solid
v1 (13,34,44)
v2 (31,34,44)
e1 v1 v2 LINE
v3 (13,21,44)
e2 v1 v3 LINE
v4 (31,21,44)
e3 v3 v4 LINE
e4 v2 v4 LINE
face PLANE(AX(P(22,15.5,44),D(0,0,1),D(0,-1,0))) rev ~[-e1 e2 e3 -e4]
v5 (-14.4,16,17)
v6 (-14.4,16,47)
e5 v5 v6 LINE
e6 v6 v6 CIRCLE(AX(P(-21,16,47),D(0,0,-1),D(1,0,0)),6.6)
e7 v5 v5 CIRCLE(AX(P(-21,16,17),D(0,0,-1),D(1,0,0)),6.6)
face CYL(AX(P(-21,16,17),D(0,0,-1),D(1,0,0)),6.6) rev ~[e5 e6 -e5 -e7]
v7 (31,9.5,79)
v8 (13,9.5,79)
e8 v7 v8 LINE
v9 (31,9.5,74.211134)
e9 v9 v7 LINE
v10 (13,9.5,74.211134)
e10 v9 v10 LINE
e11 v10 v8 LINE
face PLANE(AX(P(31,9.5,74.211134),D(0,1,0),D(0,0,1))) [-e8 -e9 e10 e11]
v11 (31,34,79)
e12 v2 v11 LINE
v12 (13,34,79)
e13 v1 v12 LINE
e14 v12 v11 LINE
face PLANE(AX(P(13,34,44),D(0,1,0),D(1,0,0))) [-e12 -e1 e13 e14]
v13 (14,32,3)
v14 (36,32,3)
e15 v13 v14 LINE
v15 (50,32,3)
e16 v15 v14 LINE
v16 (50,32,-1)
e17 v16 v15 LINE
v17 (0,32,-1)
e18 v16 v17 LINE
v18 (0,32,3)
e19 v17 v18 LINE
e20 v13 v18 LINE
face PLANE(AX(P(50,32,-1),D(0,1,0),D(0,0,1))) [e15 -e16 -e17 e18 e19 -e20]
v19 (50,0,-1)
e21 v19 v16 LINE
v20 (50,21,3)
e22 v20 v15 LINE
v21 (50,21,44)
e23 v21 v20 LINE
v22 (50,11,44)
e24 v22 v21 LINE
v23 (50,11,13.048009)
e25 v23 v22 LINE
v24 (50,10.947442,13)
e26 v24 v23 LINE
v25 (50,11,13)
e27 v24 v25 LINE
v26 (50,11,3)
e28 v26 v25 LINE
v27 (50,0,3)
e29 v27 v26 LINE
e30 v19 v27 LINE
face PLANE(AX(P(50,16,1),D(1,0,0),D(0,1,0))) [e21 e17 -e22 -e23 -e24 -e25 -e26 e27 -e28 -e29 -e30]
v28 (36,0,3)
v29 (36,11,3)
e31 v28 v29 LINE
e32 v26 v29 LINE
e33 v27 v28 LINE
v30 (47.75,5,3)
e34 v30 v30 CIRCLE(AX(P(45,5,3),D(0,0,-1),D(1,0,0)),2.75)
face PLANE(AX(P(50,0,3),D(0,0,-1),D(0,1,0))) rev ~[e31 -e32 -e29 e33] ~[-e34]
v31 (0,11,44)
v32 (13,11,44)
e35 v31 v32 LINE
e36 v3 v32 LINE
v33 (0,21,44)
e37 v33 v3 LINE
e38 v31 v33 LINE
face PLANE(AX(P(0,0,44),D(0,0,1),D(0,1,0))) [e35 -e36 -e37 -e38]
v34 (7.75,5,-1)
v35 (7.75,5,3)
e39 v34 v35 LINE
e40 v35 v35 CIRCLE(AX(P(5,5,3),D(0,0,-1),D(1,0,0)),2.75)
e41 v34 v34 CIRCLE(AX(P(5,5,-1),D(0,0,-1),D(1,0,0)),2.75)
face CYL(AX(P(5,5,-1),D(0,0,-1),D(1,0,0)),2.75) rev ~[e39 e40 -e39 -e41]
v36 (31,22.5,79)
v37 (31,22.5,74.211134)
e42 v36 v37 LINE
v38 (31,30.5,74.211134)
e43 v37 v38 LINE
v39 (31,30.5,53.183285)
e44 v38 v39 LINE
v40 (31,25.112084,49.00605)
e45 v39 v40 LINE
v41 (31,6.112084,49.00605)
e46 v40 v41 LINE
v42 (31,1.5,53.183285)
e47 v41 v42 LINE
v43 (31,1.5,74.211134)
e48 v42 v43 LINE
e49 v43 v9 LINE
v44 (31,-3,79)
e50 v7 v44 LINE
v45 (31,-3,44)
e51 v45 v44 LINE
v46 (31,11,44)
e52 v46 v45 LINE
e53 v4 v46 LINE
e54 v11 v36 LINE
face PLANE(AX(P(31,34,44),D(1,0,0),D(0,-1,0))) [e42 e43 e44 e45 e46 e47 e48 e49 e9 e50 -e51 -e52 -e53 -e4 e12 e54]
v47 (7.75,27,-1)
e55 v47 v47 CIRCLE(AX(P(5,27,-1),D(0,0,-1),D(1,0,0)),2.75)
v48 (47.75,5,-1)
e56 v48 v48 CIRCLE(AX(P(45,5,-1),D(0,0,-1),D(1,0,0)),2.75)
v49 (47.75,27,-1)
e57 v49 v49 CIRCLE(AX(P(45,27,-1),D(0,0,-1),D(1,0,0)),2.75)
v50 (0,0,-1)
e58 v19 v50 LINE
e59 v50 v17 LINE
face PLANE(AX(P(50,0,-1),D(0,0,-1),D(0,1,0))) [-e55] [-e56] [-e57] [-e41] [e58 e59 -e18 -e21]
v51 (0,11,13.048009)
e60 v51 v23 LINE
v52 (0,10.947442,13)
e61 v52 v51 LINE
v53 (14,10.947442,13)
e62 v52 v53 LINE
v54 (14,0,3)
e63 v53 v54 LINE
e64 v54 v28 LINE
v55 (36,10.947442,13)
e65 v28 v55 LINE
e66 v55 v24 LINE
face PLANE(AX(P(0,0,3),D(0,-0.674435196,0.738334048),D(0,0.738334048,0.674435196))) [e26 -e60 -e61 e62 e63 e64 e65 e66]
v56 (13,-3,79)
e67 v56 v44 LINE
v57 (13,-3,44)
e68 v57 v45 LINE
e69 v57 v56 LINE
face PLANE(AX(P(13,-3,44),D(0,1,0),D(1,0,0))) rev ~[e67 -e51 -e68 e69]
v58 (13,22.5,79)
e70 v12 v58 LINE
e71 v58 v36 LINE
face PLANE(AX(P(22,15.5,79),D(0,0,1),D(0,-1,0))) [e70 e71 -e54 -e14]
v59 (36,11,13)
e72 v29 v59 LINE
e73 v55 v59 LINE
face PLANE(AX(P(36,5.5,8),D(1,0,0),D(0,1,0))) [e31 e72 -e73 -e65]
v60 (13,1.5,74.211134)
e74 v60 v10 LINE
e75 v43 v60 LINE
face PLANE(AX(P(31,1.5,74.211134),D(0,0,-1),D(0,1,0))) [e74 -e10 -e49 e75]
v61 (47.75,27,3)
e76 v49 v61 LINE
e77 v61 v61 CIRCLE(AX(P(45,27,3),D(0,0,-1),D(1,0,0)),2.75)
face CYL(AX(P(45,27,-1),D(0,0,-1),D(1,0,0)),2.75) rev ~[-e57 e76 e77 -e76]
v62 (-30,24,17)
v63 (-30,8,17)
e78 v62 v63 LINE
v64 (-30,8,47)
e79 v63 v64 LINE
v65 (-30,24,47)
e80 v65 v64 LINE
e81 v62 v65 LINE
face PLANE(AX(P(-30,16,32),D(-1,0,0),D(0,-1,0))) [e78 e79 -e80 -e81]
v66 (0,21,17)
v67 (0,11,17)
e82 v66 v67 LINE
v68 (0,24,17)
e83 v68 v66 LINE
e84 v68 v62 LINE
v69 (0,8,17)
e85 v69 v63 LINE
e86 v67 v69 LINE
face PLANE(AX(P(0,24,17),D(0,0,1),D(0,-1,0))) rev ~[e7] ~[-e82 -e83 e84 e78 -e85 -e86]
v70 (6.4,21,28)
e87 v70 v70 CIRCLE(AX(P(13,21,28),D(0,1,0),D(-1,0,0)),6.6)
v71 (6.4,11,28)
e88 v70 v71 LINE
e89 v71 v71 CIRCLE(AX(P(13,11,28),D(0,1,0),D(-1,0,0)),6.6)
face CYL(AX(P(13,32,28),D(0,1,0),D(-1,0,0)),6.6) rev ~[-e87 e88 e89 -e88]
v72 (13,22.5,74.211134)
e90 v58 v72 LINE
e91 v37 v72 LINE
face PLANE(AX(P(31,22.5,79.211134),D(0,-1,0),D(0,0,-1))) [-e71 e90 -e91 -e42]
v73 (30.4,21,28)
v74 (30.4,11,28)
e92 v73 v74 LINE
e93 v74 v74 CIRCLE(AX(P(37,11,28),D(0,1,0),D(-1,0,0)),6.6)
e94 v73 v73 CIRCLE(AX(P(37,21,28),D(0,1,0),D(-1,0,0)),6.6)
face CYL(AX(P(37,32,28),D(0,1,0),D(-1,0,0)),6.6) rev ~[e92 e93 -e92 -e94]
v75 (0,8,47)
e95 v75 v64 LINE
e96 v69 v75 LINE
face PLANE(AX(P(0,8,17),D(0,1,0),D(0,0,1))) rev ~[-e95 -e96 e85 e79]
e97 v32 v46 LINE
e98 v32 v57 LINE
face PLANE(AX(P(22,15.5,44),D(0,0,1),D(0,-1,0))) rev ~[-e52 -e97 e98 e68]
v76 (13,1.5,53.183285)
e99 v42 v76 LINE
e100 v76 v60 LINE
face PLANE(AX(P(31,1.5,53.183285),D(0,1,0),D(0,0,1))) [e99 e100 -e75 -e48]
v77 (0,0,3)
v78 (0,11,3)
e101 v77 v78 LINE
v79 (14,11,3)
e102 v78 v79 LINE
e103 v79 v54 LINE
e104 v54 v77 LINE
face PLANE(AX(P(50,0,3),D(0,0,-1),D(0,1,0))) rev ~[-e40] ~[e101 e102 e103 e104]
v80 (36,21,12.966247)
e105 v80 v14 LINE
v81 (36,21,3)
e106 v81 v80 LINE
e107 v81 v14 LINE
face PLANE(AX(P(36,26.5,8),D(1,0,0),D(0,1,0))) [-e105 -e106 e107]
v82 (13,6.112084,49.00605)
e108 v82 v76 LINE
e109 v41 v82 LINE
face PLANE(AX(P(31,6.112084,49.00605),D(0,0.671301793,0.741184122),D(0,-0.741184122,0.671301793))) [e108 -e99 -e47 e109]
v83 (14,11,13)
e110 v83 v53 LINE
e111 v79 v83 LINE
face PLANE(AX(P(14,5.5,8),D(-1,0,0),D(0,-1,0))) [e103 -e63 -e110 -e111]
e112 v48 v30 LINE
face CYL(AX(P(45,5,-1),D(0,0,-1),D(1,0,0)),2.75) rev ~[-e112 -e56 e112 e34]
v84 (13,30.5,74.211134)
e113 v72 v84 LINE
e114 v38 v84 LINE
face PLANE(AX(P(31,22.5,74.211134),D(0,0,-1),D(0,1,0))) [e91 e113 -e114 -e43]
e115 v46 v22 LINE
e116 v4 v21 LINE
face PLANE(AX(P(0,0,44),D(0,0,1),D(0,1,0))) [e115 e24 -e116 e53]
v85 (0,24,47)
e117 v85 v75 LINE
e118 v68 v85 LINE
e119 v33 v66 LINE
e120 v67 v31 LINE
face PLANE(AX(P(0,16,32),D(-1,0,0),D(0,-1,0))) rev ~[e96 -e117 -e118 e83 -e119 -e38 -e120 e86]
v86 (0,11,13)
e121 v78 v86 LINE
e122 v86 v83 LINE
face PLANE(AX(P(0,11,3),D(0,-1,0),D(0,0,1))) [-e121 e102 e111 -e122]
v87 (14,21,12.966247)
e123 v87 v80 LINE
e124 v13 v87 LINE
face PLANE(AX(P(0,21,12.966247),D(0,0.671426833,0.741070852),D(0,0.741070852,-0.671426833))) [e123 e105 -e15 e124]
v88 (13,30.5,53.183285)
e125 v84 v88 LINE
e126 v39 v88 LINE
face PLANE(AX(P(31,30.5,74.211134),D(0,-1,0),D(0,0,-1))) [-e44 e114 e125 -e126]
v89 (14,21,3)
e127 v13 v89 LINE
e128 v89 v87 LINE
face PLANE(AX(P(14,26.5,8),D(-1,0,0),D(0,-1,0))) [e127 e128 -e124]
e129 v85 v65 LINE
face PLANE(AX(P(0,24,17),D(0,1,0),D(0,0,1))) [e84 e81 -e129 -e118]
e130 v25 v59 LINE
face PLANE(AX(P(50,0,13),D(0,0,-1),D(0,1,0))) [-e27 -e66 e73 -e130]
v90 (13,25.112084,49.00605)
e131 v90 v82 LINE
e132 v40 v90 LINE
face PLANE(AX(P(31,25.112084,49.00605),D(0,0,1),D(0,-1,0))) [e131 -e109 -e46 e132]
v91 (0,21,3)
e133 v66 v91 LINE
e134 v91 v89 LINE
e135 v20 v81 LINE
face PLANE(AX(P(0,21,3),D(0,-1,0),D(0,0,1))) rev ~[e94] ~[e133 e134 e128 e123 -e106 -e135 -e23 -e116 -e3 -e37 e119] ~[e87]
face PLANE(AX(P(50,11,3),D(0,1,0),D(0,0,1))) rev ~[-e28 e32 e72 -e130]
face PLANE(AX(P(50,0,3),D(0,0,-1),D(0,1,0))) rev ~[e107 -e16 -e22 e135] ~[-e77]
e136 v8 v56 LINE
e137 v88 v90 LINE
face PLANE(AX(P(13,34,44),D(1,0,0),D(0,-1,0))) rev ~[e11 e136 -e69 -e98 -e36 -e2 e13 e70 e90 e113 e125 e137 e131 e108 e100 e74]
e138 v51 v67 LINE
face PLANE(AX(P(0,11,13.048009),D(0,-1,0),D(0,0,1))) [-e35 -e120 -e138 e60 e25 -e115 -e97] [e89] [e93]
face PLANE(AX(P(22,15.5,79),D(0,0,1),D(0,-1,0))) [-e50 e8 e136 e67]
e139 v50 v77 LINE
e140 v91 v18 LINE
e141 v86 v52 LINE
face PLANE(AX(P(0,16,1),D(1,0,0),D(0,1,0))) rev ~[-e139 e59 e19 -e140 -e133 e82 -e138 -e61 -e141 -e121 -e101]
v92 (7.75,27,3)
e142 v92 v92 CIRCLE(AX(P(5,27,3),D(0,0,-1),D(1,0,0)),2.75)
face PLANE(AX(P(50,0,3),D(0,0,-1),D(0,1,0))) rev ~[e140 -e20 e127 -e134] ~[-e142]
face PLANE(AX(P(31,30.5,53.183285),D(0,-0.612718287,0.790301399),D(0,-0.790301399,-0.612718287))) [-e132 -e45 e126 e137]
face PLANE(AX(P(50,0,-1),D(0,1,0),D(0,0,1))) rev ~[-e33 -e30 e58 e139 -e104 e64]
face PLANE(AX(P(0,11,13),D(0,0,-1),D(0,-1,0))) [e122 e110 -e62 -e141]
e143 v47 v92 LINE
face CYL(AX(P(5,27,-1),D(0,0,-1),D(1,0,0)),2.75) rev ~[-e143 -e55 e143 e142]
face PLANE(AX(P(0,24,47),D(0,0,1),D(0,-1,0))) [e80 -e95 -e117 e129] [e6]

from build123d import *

# Parameters (mm, degrees)
PAD005_DEPTH  = 50
PAD006_DEPTH  = 50
SKETCH013_R   = 6.6
PAD011_DEPTH  = 30
SKETCH014_R   = 6.6
PAD012_DEPTH  = 35
SKETCH009_W   = 11
SKETCH009_H   = 10
PAD007_DEPTH  = 14
SKETCH010_W   = 11
SKETCH010_H   = 10
PAD008_DEPTH  = 14
SKETCH011_W   = 11
SKETCH011_H   = 10
PAD009_DEPTH  = 14
SKETCH012_W   = 11
SKETCH012_H   = 10
PAD010_DEPTH  = 14
SKETCH001_W   = 32
SKETCH001_H   = 4
PAD001_DEPTH  = 50
SKETCH004_R   = 2.75
HOLE_DEPTH    = 4.001
PAD003_DEPTH  = 20
SKETCH002_W   = 37
SKETCH002_H   = 18
PAD002_DEPTH  = 35
SKETCH005_W   = 16
SKETCH005_H   = 30
PAD004_DEPTH  = 30
SKETCH006_R   = 6.6
HOLE001_DEPTH = 30.001
SKETCH_W      = 32
SKETCH_H      = 41
PAD_DEPTH     = 50


with BuildPart() as body005:
    # Sketch007 (on Face1 of CopyPad004) → Pad005 (new body)
    with BuildSketch(Plane(origin=(0, 0, 0), x_dir=(0, -1, 0), z_dir=(-1, 0, 0))):
        Polygon((0, 3), (-11, 13.048009), (-11, 44), (0, 44), align=None)
    extrude(amount=-PAD005_DEPTH)


with BuildPart() as body006:
    # Sketch008 (on Face1 of CopyPad005) → Pad006 (new body)
    with BuildSketch(Plane(origin=(0, 0, 0), x_dir=(0, -1, 0), z_dir=(-1, 0, 0))):
        Polygon((-32, 44), (-21, 44), (-21, 12.966247), (-32, 3), align=None)
    extrude(amount=-PAD006_DEPTH)


with BuildPart() as body011:
    # Sketch013 (on Face1 of CopyPad006001) → Pad011 (new body)
    with BuildSketch(Plane(origin=(0, 32, 0), x_dir=(-1, 0, 0), z_dir=(0, 1, 0))):
        with Locations((-37, 28)):
            Circle(SKETCH013_R)
    extrude(amount=-PAD011_DEPTH)


with BuildPart() as body012:
    # Sketch014 (on Face1 of CopyPad006002) → Pad012 (new body)
    with BuildSketch(Plane(origin=(0, 32, 0), x_dir=(-1, 0, 0), z_dir=(0, 1, 0))):
        with Locations((-13, 28)):
            Circle(SKETCH014_R)
    extrude(amount=-PAD012_DEPTH)


with BuildPart() as body007:
    # Sketch009 (on Face1 of CopyPad006) → Pad007 (new body)
    with BuildSketch(Plane.YZ.offset(50)):
        with Locations((26.5, 8)):
            Rectangle(SKETCH009_W, SKETCH009_H)
    extrude(amount=-PAD007_DEPTH)


with BuildPart() as body008:
    # Sketch010 (on Face1 of CopyPad005001) → Pad008 (new body)
    with BuildSketch(Plane.YZ.offset(50)):
        with Locations((5.5, 8)):
            Rectangle(SKETCH010_W, SKETCH010_H)
    extrude(amount=-PAD008_DEPTH)


with BuildPart() as body009:
    # Sketch011 (on Face1 of CopyPad005002) → Pad009 (new body)
    with BuildSketch(Plane(origin=(0, 0, 0), x_dir=(0, -1, 0), z_dir=(-1, 0, 0))):
        with Locations((-5.5, 8)):
            Rectangle(SKETCH011_W, SKETCH011_H)
    extrude(amount=-PAD009_DEPTH)


with BuildPart() as body010:
    # Sketch012 (on Face1 of CopyPad005003) → Pad010 (new body)
    with BuildSketch(Plane(origin=(0, 0, 0), x_dir=(0, -1, 0), z_dir=(-1, 0, 0))):
        with Locations((-26.5, 8)):
            Rectangle(SKETCH012_W, SKETCH012_H)
    extrude(amount=-PAD010_DEPTH)


with BuildPart() as body001:
    # Sketch001 (on Face1 of CopyPad) → Pad001 (new body)
    with BuildSketch(Plane.YZ.offset(50)):
        with Locations((16, 1)):
            Rectangle(SKETCH001_W, SKETCH001_H)
    extrude(amount=-PAD001_DEPTH)

    # Sketch004 (on Face3 of Pad001) → Hole (cut, through all)
    with BuildSketch(Plane(origin=(50, 0, -1), x_dir=(1, 0, 0), z_dir=(0, 0, -1))):
        with Locations((-45, -5)):
            Circle(SKETCH004_R)
        with Locations((-5, -5)):
            Circle(SKETCH004_R)
        with Locations((-5, -27)):
            Circle(SKETCH004_R)
        with Locations((-45, -27)):
            Circle(SKETCH004_R)
    extrude(amount=-HOLE_DEPTH, mode=Mode.SUBTRACT)


with BuildPart() as body003:
    # Sketch003 (on Face1 of CopyPad002) → Pad003 (new body)
    with BuildSketch(Plane.YZ.offset(31)):
        Polygon((9.5, 79.211134), (22.5, 79.211134), (22.5, 74.211134), (30.5, 74.211134), (30.5, 53.183285), (25.112084, 49.00605), (6.112084, 49.00605), (1.5, 53.183285), (1.5, 74.211134), (9.5, 74.211134), align=None)
    extrude(amount=-PAD003_DEPTH)


with BuildPart() as body002:
    # Sketch002 (on Face1 of CopyPad001) → Pad002 (new body)
    with BuildSketch(Plane(origin=(0, 0, 44), x_dir=(0, -1, 0), z_dir=(0, 0, 1))):
        with Locations((-15.5, 22)):
            Rectangle(SKETCH002_W, SKETCH002_H)
    extrude(amount=PAD002_DEPTH)

    # Boolean: cut Body003
    add(body003.part, mode=Mode.SUBTRACT)


with BuildPart() as body004:
    # Sketch005 (on Face1 of CopyPad003) → Pad004 (new body)
    with BuildSketch(Plane(origin=(0, 0, 0), x_dir=(0, -1, 0), z_dir=(-1, 0, 0))):
        with Locations((-16, 32)):
            Rectangle(SKETCH005_W, SKETCH005_H)
    extrude(amount=PAD004_DEPTH)

    # Sketch006 (on Face3 of Pad004) → Hole001 (cut, through all)
    with BuildSketch(Plane(origin=(0, 0, 17), x_dir=(1, 0, 0), z_dir=(0, 0, -1))):
        with Locations((-21, -16)):
            Circle(SKETCH006_R)
    extrude(amount=-HOLE001_DEPTH, mode=Mode.SUBTRACT)


with BuildPart() as body:
    # Sketch → Pad (new body)
    with BuildSketch(Plane.YZ):
        with Locations((16, 23.5)):
            Rectangle(SKETCH_W, SKETCH_H)
    extrude(amount=PAD_DEPTH)

    # Boolean001: cut Body005
    add(body005.part, mode=Mode.SUBTRACT)

    # Boolean002: cut Body006
    add(body006.part, mode=Mode.SUBTRACT)

    # Boolean003: cut Body011
    add(body011.part, mode=Mode.SUBTRACT)

    # Boolean004: cut Body012
    add(body012.part, mode=Mode.SUBTRACT)

    # Boolean005: cut Body007
    add(body007.part, mode=Mode.SUBTRACT)

    # Boolean006: cut Body008
    add(body008.part, mode=Mode.SUBTRACT)

    # Boolean007: cut Body009
    add(body009.part, mode=Mode.SUBTRACT)

    # Boolean008: cut Body010
    add(body010.part, mode=Mode.SUBTRACT)

    # Boolean009: union Body001
    add(body001.part)

    # Boolean010: union Body002
    add(body002.part)

    # Boolean011: union Body004
    add(body004.part)


solid = body.part
